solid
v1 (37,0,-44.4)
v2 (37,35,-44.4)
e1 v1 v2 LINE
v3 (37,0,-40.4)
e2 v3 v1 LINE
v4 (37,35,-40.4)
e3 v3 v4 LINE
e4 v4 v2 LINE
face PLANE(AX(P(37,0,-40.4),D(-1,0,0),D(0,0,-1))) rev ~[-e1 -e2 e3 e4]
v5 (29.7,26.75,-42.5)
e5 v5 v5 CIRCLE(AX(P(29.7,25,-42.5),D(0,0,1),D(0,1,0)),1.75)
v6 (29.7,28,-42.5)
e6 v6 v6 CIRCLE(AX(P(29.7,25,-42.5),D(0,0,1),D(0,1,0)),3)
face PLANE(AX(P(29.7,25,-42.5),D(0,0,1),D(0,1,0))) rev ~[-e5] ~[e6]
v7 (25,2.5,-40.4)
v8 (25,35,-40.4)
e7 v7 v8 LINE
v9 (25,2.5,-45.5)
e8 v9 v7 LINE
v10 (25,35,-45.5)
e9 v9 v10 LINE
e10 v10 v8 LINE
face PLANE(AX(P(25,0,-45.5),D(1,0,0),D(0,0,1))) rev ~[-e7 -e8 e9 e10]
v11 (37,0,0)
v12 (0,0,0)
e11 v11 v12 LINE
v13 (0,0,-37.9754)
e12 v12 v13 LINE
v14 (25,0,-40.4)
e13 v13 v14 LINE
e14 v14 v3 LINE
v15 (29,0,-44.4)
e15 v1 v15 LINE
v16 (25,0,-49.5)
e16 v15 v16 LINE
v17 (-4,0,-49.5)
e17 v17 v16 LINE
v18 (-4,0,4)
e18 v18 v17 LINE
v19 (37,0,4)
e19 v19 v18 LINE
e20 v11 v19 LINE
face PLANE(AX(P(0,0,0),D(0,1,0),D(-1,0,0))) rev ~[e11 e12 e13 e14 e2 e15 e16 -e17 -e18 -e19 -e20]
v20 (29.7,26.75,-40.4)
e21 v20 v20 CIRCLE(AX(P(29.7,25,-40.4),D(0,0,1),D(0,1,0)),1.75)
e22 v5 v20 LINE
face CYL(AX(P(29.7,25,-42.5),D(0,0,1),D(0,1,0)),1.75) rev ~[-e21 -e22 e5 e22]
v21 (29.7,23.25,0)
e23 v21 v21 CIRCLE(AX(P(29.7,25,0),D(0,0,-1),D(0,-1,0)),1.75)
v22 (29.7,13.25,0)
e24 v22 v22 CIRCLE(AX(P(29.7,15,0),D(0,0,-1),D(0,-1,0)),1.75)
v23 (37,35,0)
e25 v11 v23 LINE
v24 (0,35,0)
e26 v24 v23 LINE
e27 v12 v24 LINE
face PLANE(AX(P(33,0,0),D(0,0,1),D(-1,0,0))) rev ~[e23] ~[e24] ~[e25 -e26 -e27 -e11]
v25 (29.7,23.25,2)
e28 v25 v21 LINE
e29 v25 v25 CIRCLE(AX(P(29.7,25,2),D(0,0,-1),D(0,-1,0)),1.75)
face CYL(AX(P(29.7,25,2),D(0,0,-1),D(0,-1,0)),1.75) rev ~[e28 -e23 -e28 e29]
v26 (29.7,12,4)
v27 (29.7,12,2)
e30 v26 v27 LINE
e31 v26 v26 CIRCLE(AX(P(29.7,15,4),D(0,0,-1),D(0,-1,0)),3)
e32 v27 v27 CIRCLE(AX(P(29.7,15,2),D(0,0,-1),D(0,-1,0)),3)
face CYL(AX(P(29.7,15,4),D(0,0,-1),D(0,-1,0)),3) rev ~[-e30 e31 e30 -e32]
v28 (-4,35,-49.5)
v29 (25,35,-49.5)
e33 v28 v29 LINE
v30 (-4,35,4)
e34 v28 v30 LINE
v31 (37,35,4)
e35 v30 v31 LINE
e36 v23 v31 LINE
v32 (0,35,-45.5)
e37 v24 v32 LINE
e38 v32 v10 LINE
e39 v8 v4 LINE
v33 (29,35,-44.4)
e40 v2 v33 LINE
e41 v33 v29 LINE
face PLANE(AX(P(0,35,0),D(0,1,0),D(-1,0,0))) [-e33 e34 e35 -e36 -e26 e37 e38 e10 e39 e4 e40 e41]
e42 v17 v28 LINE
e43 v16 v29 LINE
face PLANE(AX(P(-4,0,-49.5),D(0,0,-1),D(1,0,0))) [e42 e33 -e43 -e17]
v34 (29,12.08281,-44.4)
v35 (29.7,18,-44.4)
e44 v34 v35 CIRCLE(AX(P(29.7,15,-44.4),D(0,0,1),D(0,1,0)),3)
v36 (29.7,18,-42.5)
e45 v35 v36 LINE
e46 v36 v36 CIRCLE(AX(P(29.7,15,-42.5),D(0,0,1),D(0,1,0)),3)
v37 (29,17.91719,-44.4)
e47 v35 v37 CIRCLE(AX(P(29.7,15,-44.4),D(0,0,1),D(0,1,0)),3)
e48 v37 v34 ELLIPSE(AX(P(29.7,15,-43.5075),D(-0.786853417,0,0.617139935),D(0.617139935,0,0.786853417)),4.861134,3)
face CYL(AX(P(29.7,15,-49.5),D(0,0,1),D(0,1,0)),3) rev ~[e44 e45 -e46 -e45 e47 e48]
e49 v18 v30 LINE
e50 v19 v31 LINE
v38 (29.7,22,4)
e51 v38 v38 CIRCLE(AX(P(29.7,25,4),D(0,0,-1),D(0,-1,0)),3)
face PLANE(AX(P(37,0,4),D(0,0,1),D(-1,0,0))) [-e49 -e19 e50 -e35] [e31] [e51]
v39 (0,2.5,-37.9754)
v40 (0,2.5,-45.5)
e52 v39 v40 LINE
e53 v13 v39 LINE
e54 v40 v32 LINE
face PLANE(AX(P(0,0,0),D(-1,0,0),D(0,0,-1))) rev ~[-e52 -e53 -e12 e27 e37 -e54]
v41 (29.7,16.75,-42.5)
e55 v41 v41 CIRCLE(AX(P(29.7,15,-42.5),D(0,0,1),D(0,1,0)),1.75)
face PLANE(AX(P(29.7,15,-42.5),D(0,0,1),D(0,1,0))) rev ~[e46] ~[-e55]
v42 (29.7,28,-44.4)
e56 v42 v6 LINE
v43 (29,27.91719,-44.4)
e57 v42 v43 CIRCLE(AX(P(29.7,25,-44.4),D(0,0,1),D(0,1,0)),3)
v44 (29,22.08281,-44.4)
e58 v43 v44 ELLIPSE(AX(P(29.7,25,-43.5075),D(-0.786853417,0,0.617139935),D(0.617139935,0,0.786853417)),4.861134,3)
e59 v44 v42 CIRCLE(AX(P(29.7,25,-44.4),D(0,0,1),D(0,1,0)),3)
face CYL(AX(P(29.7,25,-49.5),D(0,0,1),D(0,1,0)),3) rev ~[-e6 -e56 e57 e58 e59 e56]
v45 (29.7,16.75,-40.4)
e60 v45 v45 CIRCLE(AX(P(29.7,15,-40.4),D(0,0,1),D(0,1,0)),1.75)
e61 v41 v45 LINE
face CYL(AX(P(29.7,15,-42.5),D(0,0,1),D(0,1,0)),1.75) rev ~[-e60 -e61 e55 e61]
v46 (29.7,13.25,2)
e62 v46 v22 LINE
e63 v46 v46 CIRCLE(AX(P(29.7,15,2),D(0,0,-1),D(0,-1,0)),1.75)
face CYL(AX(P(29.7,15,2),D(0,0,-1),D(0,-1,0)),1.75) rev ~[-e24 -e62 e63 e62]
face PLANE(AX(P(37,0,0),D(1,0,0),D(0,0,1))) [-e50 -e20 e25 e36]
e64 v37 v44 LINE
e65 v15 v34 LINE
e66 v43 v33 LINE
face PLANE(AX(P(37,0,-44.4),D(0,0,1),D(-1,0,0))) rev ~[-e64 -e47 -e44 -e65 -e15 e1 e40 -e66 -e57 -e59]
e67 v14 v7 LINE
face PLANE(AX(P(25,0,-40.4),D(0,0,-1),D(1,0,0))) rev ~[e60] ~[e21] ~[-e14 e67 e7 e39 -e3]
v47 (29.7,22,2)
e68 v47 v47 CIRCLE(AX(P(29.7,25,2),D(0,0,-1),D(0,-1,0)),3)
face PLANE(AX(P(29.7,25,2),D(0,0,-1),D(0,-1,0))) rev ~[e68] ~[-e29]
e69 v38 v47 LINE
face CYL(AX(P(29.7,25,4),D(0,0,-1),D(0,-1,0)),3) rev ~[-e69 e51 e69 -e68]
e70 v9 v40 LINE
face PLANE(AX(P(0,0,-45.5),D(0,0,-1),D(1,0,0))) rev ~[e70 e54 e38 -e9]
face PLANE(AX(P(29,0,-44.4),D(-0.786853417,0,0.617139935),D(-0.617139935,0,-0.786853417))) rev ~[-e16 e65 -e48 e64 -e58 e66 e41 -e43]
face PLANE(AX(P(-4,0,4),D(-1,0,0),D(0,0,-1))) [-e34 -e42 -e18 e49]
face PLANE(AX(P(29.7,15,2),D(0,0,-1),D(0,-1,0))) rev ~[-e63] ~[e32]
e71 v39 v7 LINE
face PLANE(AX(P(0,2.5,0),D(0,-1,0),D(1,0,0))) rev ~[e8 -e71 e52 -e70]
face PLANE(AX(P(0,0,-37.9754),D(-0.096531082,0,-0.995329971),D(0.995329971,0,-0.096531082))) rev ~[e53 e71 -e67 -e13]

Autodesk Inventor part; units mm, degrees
ref_plane "YZ Plane" through (0, 0, 0) normal (1, 0, 0) x (0, 1, 0)
ref_plane "XZ Plane" through (0, 0, 0) normal (0, 1, 0) x (-1, 0, 0)
ref_plane "XY Plane" through (0, 0, 0) normal (0, 0, 1) x (1, 0, 0)
sketch "Sketch14" plane through (0, 0, 0) normal (0, 1, 0) x (-1, 0, 0)
  line L0 (0, 0) -> (0, -45.5)
  line L1 (0, -45.5) -> (-25, -45.5)
  line L2 (-25, -45.5) -> (-25, -40.4)
  line L3 (-25, -40.4) -> (-37, -40.4)
  line L4 (-33, 0) -> (0, 0)
  line L5 (0, 4) -> (4, 4)
  line L6 (4, 4) -> (4, -45.5)
  line L7 (4, -45.5) -> (4, -49.5)
  line L8 (4, -49.5) -> (-25, -49.5)
  line L9 (-37, -40.4) -> (-37, -44.4)
  line L10 (-33, 0) -> (-37, 0)
  line L11 (-37, 0) -> (-37, 4)
  line L12 (-37, 4) -> (0, 4)
  line L13 (-37, -44.4) -> (-29, -44.4)
  line L14 (-29, -44.4) -> (-25, -49.5)
  dimension "d59" = 45.5
  dimension "d60" = 25
  dimension "d61" = 5.1
  dimension "d62" = 12
  dimension "d64" = 4
  dimension "d65" = 4
  dimension "d66" = 4
  dimension "d67" = 4
  dimension "d68" = 8
extrude "Extrusion10" add sketch "Sketch14" along normal blind 35
sketch "Sketch17" plane through (0, 0, 0) normal (0, -1, 0) x (1, 0, 0)
  line L0 (0, -37.9754) -> (25, -40.4) projected
  line L1 (0, 0) -> (0, -45.5) projected
  line L2 (0, -37.9754) -> (0, -45.5)
  line L3 (25, -45.5) -> (0, -45.5) projected
  line L4 (0, -45.5) -> (25, -45.5)
  line L5 (25, -45.5) -> (25, -40.4) projected
  line L6 (25, -45.5) -> (25, -40.4)
  line L7 (25, -40.4) -> (0, -37.9754)
extrude "Extrusion12" add sketch "Sketch17" against normal blind 2.5
sketch "Sketch18" plane through (25, 0, -49.5) normal (0, 0, -1) x (-1, 0, 0)
  line L0 (25, 2.5) -> (25, 35) projected
  line L1 (25, 35) -> (-4.7, 35) construction
  line L2 (-4.7, 35) -> (-4.7, 15) construction
  line L3 (-4.7, 15) -> (25, 15) construction
  line L4 (25, 15) -> (25, 35) construction
  point P0 (25, 0)
  point P1 (-4.7, 25)
  dimension "d77" = 29.7
  dimension "d78" = 20
hole "Hole4" at (29.7, 15, -49.5) at (29.7, 25, -49.5) direction (0, 0, 1) diameter 3.5 depth 9.1 counterbore diameter 6 counterbore depth 7
sketch "Sketch19" plane through (-4, 0, 4) normal (0, 0, 1) x (1, 0, 0)
  circle A0 centre (33.7, 25) radius 1.75 projected
  circle A1 centre (33.7, 15) radius 1.75 projected
  point P0 (4, 0)
hole "Hole5" at (29.7, 25, 4) at (29.7, 15, 4) direction (0, 0, -1) diameter 3.5 depth 4 counterbore diameter 6 counterbore depth 2
properties part number "Swivel Arm Servo Holder"
